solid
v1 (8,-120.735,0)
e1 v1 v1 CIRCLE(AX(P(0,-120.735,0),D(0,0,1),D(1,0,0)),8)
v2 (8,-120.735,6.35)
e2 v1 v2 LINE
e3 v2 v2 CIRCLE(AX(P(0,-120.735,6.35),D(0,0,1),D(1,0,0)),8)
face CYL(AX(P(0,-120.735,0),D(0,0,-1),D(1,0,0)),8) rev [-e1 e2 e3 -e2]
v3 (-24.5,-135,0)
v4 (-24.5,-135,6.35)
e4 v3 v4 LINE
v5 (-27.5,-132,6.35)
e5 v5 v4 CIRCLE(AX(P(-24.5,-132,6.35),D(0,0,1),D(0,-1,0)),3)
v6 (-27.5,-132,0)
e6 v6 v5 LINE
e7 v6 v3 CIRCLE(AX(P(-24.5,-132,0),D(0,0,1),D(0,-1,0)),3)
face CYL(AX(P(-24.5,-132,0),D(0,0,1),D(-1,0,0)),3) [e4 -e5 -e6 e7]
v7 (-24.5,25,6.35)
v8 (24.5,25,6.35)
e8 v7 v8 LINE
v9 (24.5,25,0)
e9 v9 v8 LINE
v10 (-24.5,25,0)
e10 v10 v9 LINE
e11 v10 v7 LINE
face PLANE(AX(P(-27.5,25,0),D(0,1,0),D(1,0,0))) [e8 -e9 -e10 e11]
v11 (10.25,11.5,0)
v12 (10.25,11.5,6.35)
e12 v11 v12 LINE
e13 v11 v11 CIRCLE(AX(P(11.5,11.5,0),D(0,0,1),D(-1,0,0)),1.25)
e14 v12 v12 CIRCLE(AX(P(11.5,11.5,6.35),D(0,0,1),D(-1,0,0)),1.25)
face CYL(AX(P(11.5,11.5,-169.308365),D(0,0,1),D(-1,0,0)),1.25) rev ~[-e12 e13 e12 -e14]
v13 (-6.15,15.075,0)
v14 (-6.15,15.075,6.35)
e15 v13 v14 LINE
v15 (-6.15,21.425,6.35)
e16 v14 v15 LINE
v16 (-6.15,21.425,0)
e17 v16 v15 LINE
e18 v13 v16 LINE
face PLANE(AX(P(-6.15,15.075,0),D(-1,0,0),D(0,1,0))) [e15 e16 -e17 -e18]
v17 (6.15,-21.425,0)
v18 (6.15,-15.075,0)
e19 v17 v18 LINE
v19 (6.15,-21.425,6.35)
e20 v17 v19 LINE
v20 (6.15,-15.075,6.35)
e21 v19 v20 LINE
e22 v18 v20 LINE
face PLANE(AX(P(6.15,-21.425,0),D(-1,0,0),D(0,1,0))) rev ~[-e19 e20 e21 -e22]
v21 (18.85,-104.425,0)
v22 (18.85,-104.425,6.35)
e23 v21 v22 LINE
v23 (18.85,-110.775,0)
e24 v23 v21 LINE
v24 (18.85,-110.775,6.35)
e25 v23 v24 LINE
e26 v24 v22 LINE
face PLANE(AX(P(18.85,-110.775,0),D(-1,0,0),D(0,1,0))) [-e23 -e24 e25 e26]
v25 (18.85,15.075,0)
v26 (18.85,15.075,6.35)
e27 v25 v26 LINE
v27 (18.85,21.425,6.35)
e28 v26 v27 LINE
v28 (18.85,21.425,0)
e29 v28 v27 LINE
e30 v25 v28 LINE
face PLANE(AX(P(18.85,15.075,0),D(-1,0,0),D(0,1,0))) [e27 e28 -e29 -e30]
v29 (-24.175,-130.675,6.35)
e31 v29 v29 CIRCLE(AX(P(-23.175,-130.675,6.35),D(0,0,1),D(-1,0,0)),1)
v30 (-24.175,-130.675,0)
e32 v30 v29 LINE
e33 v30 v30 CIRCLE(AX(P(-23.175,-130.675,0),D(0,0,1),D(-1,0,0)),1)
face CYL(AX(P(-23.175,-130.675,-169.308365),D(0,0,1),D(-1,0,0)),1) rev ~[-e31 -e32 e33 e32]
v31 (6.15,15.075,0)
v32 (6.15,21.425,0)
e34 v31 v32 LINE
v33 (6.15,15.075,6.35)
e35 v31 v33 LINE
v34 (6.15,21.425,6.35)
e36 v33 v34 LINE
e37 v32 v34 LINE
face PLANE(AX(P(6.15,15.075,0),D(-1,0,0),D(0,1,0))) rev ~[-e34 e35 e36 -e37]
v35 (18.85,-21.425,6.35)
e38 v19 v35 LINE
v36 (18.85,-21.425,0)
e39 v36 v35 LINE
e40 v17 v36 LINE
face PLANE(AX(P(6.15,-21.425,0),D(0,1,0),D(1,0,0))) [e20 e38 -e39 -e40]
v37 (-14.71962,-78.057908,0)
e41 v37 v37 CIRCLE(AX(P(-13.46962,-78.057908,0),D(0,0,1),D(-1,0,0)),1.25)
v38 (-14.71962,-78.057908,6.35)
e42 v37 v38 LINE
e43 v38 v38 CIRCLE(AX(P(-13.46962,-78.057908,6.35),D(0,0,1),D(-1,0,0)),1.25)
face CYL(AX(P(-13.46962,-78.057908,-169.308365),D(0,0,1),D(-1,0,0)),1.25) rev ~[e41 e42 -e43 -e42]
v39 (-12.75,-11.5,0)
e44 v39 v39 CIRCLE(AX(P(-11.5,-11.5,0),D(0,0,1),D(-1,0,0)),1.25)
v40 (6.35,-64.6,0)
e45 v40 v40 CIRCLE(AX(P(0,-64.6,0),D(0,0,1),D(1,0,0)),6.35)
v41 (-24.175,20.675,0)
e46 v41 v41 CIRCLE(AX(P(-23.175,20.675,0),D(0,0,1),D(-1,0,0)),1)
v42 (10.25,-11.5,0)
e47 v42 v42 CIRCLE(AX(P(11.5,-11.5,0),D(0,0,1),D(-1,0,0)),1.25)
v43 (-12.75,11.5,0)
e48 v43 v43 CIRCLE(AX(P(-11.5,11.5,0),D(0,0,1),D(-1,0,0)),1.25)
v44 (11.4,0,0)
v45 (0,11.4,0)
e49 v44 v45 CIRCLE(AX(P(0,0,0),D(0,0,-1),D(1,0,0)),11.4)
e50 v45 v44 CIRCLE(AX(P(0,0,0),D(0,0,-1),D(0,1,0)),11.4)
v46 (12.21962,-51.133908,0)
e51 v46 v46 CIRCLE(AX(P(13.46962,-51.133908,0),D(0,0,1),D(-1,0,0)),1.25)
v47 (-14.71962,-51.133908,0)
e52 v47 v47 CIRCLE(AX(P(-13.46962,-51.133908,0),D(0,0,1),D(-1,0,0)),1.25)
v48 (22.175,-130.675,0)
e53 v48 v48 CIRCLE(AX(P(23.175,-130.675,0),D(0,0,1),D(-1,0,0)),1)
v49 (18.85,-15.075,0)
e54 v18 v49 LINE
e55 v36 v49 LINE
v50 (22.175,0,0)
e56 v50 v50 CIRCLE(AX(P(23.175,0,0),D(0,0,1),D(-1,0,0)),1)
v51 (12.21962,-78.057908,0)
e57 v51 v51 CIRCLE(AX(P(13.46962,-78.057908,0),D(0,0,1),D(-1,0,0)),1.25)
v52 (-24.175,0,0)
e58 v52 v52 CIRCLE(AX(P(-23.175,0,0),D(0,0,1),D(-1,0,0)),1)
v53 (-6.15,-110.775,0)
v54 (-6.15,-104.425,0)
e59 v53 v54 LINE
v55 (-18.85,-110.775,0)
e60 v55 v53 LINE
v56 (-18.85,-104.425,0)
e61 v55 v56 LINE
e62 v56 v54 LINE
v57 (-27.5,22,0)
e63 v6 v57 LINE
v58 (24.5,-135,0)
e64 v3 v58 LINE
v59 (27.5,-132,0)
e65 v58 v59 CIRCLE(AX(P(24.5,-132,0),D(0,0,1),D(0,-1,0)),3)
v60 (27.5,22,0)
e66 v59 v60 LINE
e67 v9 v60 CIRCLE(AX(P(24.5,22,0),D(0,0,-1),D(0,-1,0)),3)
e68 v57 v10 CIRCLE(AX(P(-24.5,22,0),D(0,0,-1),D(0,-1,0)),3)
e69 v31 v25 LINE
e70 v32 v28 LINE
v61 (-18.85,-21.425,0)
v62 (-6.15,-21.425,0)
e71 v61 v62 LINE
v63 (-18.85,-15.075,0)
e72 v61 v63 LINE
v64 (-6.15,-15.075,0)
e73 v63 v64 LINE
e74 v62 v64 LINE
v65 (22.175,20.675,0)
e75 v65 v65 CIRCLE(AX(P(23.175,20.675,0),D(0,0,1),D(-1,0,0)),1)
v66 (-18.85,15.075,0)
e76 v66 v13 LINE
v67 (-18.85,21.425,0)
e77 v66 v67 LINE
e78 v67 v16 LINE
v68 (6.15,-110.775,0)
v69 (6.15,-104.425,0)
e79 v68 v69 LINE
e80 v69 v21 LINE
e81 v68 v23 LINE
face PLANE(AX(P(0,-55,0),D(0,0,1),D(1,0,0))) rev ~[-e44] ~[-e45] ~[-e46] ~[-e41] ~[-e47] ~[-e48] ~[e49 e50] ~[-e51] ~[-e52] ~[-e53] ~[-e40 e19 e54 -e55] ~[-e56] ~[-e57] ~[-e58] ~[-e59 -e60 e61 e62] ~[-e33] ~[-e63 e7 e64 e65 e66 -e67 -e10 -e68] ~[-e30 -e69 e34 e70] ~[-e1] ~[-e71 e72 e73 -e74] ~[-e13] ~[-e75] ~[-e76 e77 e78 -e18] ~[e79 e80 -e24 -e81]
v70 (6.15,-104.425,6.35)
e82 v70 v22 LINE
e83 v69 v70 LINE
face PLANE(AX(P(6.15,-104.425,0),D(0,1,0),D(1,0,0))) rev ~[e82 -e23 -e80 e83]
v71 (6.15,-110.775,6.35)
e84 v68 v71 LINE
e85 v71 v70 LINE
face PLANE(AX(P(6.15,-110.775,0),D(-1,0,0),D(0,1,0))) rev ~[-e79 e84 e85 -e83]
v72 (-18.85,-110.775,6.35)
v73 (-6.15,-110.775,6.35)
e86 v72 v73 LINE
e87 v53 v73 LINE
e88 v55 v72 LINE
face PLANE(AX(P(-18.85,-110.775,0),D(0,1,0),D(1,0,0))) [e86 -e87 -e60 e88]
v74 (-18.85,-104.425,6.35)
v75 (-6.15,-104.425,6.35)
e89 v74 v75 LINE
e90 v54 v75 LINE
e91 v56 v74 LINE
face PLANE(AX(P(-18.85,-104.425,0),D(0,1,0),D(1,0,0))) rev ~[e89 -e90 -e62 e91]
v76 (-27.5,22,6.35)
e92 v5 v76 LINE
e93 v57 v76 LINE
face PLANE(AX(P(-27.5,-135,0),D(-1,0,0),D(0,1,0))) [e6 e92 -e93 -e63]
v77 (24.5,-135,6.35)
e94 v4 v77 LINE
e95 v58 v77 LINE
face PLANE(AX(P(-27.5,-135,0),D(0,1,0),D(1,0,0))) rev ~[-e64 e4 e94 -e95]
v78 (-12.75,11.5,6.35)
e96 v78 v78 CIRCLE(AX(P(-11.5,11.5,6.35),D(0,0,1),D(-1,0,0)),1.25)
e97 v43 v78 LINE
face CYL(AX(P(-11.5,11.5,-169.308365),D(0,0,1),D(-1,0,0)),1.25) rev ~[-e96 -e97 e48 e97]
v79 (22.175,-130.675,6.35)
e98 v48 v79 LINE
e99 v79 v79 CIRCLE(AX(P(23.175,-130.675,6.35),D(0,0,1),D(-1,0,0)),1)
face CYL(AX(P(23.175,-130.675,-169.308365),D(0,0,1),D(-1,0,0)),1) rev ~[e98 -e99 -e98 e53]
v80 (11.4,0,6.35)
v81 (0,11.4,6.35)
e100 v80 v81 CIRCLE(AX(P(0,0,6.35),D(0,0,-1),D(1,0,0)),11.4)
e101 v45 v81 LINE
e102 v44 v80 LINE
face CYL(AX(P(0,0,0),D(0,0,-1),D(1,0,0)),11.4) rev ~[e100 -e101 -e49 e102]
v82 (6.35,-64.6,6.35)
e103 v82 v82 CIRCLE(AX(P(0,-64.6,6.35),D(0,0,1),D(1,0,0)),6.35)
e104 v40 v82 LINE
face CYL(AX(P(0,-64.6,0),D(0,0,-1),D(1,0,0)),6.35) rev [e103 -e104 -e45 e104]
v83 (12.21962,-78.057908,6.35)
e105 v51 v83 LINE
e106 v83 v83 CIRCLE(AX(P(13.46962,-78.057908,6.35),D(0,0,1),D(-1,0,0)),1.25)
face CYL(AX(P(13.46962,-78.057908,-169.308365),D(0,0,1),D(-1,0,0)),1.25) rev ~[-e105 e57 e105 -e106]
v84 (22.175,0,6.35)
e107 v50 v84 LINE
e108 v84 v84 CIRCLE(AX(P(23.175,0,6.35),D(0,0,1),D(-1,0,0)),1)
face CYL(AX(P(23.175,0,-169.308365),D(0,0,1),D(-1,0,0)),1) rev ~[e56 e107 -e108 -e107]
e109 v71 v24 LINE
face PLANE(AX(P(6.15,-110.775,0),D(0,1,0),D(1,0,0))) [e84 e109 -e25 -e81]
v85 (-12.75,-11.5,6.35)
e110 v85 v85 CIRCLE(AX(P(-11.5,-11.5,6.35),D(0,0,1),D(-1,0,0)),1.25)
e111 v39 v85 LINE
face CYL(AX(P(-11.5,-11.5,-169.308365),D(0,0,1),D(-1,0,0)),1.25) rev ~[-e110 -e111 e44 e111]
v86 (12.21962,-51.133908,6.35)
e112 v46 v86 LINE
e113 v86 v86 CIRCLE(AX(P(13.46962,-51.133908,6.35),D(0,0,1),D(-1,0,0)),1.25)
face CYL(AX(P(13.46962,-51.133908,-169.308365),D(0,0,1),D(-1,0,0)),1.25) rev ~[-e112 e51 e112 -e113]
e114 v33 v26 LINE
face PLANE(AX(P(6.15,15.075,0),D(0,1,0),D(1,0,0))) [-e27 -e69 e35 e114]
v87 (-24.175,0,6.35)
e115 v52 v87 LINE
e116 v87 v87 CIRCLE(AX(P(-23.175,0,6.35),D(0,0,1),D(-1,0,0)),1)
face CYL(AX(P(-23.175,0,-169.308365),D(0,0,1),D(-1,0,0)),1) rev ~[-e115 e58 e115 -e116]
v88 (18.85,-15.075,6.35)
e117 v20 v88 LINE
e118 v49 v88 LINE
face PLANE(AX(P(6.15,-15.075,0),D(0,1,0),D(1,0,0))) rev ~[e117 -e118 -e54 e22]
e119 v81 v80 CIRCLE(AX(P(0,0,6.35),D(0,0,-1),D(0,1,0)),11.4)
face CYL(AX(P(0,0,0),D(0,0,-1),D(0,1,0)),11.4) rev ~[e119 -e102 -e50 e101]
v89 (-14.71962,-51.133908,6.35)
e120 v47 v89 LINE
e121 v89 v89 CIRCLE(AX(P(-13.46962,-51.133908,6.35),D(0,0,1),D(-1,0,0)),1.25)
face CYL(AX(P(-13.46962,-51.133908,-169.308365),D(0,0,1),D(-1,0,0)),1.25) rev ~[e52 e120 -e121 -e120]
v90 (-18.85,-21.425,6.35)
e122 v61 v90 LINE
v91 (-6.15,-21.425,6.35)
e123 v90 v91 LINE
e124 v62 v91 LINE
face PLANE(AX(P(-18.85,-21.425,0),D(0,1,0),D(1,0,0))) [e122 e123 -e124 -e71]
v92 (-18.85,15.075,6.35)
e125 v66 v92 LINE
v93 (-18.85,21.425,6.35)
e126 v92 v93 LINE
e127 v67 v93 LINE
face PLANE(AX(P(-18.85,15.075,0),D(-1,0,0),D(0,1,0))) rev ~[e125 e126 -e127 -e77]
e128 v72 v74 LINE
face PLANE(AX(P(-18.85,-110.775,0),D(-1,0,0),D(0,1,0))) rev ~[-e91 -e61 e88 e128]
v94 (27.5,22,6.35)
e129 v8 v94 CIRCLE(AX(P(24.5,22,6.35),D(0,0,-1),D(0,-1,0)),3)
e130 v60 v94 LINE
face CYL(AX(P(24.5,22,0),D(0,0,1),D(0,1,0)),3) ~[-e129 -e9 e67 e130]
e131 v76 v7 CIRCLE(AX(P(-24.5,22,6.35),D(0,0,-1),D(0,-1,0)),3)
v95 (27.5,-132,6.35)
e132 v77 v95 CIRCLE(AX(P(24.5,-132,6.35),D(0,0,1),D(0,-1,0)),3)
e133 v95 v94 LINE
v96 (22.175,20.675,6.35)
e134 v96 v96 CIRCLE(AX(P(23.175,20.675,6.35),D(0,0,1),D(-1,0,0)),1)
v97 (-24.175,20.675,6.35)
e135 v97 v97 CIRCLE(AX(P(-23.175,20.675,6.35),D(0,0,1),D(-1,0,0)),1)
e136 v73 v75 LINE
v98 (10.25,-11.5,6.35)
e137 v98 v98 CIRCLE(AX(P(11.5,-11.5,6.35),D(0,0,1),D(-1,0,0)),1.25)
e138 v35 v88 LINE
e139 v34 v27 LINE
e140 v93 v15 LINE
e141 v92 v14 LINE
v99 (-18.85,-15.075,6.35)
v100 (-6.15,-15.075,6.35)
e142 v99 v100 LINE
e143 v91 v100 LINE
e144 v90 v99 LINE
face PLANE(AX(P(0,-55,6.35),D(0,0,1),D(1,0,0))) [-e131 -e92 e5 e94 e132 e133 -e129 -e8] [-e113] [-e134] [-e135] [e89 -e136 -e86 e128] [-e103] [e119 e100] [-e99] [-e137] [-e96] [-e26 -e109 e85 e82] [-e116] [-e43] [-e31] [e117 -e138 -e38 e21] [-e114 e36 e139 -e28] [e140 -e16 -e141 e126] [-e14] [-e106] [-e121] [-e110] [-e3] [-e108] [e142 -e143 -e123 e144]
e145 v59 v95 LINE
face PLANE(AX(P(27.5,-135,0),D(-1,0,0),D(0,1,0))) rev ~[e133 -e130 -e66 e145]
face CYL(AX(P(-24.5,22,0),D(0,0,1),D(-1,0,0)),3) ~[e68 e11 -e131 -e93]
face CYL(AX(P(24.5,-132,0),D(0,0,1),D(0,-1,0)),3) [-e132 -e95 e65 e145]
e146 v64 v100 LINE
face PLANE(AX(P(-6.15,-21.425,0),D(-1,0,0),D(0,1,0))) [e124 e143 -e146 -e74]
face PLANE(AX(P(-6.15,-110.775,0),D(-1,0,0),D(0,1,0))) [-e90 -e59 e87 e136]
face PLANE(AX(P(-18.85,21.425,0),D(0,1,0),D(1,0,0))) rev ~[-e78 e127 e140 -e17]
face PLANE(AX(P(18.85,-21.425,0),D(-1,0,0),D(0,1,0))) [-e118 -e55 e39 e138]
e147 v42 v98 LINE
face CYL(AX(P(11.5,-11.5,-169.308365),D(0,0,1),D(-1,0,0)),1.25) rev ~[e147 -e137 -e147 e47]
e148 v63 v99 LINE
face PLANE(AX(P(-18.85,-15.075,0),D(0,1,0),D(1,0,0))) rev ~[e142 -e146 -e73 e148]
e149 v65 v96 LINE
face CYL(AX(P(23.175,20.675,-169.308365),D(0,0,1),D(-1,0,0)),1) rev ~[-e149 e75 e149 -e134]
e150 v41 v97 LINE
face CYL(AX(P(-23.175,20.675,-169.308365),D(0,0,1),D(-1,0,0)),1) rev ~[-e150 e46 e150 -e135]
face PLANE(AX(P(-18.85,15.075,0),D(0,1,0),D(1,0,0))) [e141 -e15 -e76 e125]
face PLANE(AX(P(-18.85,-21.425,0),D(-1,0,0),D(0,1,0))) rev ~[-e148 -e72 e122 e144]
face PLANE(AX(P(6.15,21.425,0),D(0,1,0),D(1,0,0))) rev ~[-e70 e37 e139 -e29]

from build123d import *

# Parameters (mm, degrees)
F0_W     = 55
F0_H     = 160
F0_W_2   = 12.7
F0_H_2   = 6.35
F0_R     = 8
F0_R_2   = 6.35
F1_DEPTH = 6.35
F2_D     = 2.5
F3_R     = 3
F4_D     = 2


with BuildPart() as f1:
    # F0 (on Top) → F1 (new body)
    with BuildSketch(Plane.XY):
        with Locations((0, -55)):
            Rectangle(F0_W, F0_H)
        with Locations((-12.5, -107.6)):
            Rectangle(F0_W_2, F0_H_2, mode=Mode.SUBTRACT)
        with Locations((0, -120.735)):
            Circle(F0_R, mode=Mode.SUBTRACT)
        with Locations((12.5, -107.6)):
            Rectangle(F0_W_2, F0_H_2, mode=Mode.SUBTRACT)
        with Locations((0, -64.6)):
            Circle(F0_R_2, mode=Mode.SUBTRACT)
        with Locations((-12.5, -18.25)):
            Rectangle(F0_W_2, F0_H_2, mode=Mode.SUBTRACT)
        with Locations((-12.5, 18.25)):
            Rectangle(F0_W_2, F0_H_2, mode=Mode.SUBTRACT)
        with Locations((12.5, -18.25)):
            Rectangle(F0_W_2, F0_H_2, mode=Mode.SUBTRACT)
        with BuildLine():
            ThreePointArc((0, 11.4), (8.0610173055, 8.0610173055), (11.4, 0))
            ThreePointArc((11.4, 0), (-8.0610173055, -8.0610173055), (0, 11.4))
        make_face(mode=Mode.SUBTRACT)
        with Locations((12.5, 18.25)):
            Rectangle(F0_W_2, F0_H_2, mode=Mode.SUBTRACT)
    extrude(amount=F1_DEPTH)

    # F2 (through all)
    with Locations(Plane(origin=(0, 0, 0), x_dir=(1, 0, 0), z_dir=(0, 0, -1))):
        with Locations((-11.5, -11.5), (11.5, -11.5), (11.5, 11.5), (-11.5, 11.5), (-13.46962, 51.133907857), (13.46962, 51.133907857), (13.46962, 78.057907857), (-13.46962, 78.057907857)):
            Hole(F2_D / 2)

    # F3
    f3_edges = [f1.edges().sort_by_distance(p)[0] for p in [
        (-27.5, -135, 3.175),
        (27.5, -135, 3.175),
        (27.5, 25, 3.175),
        (-27.5, 25, 3.175),
    ]]
    fillet(f3_edges, radius=F3_R)

    # F4 (through all)
    with Locations(Plane(origin=(0, 0, 0), x_dir=(1, 0, 0), z_dir=(0, 0, -1))):
        with Locations((-23.175, 130.675), (23.175, 130.675), (23.175, 0), (23.175, -20.675), (-23.175, -20.675), (-23.175, 0)):
            Hole(F4_D / 2)


solid = f1.part
